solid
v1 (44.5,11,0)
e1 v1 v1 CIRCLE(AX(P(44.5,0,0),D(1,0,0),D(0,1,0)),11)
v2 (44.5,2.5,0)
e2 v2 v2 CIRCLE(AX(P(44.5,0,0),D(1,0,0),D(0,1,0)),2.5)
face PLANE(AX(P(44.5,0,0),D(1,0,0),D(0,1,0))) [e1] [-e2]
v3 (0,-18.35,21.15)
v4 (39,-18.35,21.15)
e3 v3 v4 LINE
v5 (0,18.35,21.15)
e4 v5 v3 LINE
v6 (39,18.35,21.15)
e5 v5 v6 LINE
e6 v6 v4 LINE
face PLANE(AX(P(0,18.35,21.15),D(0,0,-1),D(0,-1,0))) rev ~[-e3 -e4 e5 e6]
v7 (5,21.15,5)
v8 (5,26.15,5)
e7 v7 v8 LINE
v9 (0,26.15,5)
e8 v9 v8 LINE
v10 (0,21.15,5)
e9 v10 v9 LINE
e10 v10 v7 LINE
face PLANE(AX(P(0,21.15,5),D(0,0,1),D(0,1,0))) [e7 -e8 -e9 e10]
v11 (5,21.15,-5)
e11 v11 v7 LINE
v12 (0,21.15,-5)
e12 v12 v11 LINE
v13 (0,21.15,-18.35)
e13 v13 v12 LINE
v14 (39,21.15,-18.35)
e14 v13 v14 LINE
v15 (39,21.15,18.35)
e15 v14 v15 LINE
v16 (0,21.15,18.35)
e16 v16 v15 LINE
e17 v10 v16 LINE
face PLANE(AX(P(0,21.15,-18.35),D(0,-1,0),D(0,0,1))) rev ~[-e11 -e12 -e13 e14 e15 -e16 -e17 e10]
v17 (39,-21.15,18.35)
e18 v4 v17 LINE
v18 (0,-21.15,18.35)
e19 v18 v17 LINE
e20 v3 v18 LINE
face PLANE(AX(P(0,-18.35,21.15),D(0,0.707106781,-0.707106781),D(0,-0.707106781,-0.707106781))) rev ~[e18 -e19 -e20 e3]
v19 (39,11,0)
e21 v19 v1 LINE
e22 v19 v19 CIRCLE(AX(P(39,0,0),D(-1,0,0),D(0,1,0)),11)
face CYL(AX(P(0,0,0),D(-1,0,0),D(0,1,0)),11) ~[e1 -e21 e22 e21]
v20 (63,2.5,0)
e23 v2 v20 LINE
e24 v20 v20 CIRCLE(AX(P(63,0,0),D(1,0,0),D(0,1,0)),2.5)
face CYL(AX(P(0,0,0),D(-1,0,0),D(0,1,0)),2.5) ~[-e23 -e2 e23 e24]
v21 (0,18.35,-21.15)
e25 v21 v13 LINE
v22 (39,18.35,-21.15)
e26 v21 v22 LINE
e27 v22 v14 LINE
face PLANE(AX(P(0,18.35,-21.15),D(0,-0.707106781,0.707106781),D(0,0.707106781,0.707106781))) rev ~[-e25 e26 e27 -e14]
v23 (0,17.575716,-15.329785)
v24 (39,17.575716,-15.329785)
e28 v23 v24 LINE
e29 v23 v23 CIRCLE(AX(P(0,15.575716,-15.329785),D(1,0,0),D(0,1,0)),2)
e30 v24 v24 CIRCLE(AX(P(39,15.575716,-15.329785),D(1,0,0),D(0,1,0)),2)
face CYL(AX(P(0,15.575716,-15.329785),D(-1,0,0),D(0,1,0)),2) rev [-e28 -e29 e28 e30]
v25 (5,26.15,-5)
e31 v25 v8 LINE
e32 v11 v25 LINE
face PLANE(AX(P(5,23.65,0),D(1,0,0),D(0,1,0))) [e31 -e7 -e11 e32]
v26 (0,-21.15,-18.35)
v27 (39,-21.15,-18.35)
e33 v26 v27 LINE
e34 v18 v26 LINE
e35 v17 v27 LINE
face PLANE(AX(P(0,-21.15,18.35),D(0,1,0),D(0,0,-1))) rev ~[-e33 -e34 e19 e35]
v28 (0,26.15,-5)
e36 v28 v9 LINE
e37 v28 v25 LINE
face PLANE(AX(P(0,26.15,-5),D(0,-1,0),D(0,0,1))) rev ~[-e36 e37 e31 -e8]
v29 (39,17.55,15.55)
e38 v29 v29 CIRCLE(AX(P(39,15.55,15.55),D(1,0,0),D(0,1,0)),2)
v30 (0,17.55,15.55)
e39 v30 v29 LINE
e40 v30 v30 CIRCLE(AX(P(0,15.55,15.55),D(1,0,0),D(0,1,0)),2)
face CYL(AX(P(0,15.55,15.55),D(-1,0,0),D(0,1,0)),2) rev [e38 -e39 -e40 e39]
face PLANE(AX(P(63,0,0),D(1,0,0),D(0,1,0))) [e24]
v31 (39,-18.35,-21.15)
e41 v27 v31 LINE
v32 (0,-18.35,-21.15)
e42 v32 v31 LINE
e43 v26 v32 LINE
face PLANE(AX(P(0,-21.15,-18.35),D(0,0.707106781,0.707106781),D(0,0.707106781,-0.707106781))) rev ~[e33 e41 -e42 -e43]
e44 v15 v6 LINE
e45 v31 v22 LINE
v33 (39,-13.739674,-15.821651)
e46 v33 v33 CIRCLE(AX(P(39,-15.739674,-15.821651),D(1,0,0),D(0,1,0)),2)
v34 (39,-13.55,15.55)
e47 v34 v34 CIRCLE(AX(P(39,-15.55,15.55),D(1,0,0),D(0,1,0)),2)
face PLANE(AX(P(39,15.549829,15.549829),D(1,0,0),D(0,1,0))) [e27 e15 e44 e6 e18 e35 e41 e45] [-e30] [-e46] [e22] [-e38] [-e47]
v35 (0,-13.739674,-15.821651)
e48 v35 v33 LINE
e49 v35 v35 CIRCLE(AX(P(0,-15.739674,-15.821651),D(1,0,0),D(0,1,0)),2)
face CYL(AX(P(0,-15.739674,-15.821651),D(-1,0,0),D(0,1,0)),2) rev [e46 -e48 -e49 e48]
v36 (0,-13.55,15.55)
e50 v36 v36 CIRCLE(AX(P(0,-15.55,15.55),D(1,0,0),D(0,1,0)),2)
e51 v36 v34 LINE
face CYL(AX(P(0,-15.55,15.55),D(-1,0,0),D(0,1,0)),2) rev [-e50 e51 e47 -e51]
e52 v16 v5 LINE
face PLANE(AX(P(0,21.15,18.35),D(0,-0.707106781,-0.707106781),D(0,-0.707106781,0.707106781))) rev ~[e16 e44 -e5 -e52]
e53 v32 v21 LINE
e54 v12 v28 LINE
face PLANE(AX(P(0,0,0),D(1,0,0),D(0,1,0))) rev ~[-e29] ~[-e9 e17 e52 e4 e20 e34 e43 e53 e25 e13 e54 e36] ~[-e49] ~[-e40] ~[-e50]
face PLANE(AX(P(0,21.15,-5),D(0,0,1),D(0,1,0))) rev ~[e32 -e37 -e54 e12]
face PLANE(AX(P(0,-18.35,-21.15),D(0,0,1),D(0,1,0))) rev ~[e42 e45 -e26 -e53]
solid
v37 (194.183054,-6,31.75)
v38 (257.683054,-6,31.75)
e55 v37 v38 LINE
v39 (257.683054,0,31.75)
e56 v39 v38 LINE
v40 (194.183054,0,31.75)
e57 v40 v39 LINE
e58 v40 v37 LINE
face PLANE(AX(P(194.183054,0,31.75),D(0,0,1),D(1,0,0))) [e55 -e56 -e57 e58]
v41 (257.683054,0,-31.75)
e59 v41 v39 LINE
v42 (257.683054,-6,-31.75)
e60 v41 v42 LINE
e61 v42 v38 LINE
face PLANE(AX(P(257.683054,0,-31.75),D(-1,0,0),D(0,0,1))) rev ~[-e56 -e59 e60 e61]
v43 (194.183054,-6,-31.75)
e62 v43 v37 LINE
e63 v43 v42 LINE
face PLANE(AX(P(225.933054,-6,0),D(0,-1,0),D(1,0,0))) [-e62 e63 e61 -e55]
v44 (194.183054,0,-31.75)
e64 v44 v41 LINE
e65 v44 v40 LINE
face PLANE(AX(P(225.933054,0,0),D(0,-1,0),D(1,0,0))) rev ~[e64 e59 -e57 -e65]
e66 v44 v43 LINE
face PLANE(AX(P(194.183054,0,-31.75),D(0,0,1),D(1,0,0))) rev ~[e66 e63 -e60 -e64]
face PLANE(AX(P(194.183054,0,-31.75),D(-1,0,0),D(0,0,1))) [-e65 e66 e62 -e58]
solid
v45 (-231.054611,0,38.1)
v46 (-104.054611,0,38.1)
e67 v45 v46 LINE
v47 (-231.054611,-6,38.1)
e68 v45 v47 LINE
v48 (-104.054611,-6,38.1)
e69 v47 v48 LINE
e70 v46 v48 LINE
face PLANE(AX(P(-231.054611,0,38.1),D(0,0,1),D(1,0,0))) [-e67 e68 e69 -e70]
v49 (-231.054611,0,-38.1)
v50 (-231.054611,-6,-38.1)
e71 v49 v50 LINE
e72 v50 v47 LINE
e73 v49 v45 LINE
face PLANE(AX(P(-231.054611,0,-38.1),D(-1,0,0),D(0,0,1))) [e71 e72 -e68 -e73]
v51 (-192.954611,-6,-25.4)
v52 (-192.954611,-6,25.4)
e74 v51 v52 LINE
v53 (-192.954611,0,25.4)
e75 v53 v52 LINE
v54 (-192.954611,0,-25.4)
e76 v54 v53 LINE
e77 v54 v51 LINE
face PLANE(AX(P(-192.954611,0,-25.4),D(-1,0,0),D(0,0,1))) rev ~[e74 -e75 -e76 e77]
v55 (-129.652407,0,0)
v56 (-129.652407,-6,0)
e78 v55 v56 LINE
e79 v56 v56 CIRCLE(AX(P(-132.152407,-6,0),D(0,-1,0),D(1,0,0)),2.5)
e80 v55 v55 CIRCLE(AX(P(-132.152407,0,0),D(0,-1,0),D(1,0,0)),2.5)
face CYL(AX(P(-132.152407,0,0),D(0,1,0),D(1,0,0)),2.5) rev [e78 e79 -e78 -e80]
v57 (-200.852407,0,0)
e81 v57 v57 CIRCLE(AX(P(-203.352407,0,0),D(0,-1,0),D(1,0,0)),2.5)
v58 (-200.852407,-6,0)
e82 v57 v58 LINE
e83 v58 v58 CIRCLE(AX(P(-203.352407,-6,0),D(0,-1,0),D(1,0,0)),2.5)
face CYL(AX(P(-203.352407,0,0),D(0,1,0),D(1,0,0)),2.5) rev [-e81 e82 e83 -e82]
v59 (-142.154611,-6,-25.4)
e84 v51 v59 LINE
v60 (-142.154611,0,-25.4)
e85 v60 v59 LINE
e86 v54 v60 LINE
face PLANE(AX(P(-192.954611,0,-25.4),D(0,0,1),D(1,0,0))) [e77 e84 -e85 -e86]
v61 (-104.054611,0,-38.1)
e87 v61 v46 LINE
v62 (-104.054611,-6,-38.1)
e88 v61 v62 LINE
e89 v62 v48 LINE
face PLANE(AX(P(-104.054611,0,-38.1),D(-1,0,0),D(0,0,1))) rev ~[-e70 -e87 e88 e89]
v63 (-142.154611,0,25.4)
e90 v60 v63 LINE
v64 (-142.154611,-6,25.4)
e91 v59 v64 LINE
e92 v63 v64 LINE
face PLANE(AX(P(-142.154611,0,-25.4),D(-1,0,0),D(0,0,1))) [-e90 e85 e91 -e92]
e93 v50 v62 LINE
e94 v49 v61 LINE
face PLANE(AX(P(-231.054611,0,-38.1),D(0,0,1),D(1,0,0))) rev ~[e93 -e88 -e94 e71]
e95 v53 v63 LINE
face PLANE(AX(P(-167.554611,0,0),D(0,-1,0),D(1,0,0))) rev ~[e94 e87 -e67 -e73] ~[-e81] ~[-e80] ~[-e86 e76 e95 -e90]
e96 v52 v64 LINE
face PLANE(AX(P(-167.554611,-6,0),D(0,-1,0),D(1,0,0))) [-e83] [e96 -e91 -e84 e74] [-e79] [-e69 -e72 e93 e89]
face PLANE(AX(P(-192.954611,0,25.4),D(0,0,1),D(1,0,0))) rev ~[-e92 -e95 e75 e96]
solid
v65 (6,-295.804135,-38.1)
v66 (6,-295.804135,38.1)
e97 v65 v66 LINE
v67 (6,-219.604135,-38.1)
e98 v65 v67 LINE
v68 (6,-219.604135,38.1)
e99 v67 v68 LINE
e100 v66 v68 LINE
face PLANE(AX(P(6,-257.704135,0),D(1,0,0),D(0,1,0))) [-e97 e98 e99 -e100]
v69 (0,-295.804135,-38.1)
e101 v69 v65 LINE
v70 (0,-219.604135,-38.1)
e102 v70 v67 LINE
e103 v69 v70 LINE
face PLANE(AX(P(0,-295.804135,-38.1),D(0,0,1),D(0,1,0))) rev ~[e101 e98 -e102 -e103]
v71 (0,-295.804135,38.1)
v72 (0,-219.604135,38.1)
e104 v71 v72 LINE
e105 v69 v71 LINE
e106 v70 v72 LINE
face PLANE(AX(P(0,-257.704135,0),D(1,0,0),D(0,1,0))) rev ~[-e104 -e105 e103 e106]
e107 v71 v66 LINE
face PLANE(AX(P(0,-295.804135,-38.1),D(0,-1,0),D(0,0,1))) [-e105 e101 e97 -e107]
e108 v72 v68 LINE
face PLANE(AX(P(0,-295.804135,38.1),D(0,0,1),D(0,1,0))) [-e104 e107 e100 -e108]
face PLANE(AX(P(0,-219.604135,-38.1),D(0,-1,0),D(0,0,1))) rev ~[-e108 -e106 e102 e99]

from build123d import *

# Parameters (mm, degrees)
F0_R      = 2
F0_R_2    = 11
F0_R_3    = 2.5
F1_DEPTH  = 39
F0_W      = 5
F0_H      = 10
F2_DEPTH  = 5
F3_DEPTH  = 44.5
F4_DEPTH  = 63
F5_W      = 76.2
F5_H      = 76.2
F6_DEPTH  = 6
F7_W      = 127
F7_H      = 76.2
F7_R      = 2.5
F7_W_2    = 50.8
F7_H_2    = 50.8
F8_DEPTH  = 6
F9_W      = 63.5
F9_H      = 63.5
F10_DEPTH = 6


with BuildPart() as f1:
    # F0 (on Right) → F1 (new body)
    with BuildSketch(Plane.YZ):
        with BuildLine():
            Line((18.35, 21.15), (9.95, 21.15))
            Line((9.95, 21.15), (9.95, 13.76))
            ThreePointArc((9.95, 13.76), (11.065923, 11.065923), (13.76, 9.95))
            Line((13.76, 9.95), (21.15, 9.95))
            Line((21.15, 9.95), (21.15, 18.35))
            Line((21.15, 18.35), (18.35, 21.15))
        make_face()
        with Locations((15.55, 15.55)):
            Circle(F0_R, mode=Mode.SUBTRACT)
        with BuildLine():
            Line((9.95, -13.76), (9.95, -21.15))
            Line((9.95, -21.15), (18.35, -21.15))
            Line((18.35, -21.15), (21.15, -18.35))
            Line((21.15, -18.35), (21.15, -9.95))
            Line((21.15, -9.95), (13.76, -9.95))
            ThreePointArc((13.76, -9.95), (11.065923, -11.065923), (9.95, -13.76))
        make_face()
        with Locations((15.575716, -15.329785)):
            Circle(F0_R, mode=Mode.SUBTRACT)
        with BuildLine():
            Line((-21.15, -18.35), (-18.35, -21.15))
            Line((-18.35, -21.15), (-9.95, -21.15))
            Line((-9.95, -21.15), (-9.95, -13.76))
            ThreePointArc((-9.95, -13.76), (-11.065923, -11.065923), (-13.76, -9.95))
            Line((-13.76, -9.95), (-21.15, -9.95))
            Line((-21.15, -9.95), (-21.15, -18.35))
        make_face()
        with Locations((-15.739674, -15.821651)):
            Circle(F0_R, mode=Mode.SUBTRACT)
        with BuildLine():
            Line((-21.15, 18.35), (-21.15, 9.95))
            Line((-21.15, 9.95), (-13.76, 9.95))
            ThreePointArc((-13.76, 9.95), (-11.065923, 11.065923), (-9.95, 13.76))
            Line((-9.95, 13.76), (-9.95, 21.15))
            Line((-9.95, 21.15), (-18.35, 21.15))
            Line((-18.35, 21.15), (-21.15, 18.35))
        make_face()
        with Locations((-15.55, 15.55)):
            Circle(F0_R, mode=Mode.SUBTRACT)
        with BuildLine():
            Line((-9.95, -13.76), (-9.95, -21.15))
            Line((-9.95, -21.15), (9.95, -21.15))
            Line((9.95, -21.15), (9.95, -13.76))
            ThreePointArc((9.95, -13.76), (11.065923, -11.065923), (13.76, -9.95))
            Line((13.76, -9.95), (21.15, -9.95))
            Line((21.15, -9.95), (21.15, -5))
            Line((21.15, -5), (21.15, 5))
            Line((21.15, 5), (21.15, 9.95))
            Line((21.15, 9.95), (13.76, 9.95))
            ThreePointArc((13.76, 9.95), (11.065923, 11.065923), (9.95, 13.76))
            Line((9.95, 13.76), (9.95, 21.15))
            Line((9.95, 21.15), (-9.95, 21.15))
            Line((-9.95, 21.15), (-9.95, 13.76))
            ThreePointArc((-9.95, 13.76), (-11.065923, 11.065923), (-13.76, 9.95))
            Line((-13.76, 9.95), (-21.15, 9.95))
            Line((-21.15, 9.95), (-21.15, -9.95))
            Line((-21.15, -9.95), (-13.76, -9.95))
            ThreePointArc((-13.76, -9.95), (-11.065923, -11.065923), (-9.95, -13.76))
        make_face()
        Circle(F0_R_2, mode=Mode.SUBTRACT)
        Circle(F0_R_2)
        Circle(F0_R_3, mode=Mode.SUBTRACT)
        Circle(F0_R_3)
    extrude(amount=F1_DEPTH)

    # F0 (on Right) → F2 (join)
    with BuildSketch(Plane.YZ):
        with Locations((23.65, 0)):
            Rectangle(F0_W, F0_H)
    extrude(amount=F2_DEPTH)

    # F0 (on Right) → F3 (join)
    with BuildSketch(Plane.YZ):
        Circle(F0_R_2)
        Circle(F0_R_3, mode=Mode.SUBTRACT)
    extrude(amount=F3_DEPTH)

    # F0 (on Right) → F4 (join)
    with BuildSketch(Plane.YZ):
        Circle(F0_R_3)
    extrude(amount=F4_DEPTH)


with BuildPart() as f6:
    # F5 (on Right) → F6 (new body)
    with BuildSketch(Plane.YZ):
        with Locations((-257.704135, 0)):
            Rectangle(F5_W, F5_H)
    extrude(amount=F6_DEPTH)


with BuildPart() as f8:
    # F7 (on Front) → F8 (new body)
    with BuildSketch(Plane.XZ):
        with Locations((-167.554611, 0)):
            Rectangle(F7_W, F7_H)
        with Locations((-203.352407, 0)):
            Circle(F7_R, mode=Mode.SUBTRACT)
        with Locations((-167.554611, 0)):
            Rectangle(F7_W_2, F7_H_2, mode=Mode.SUBTRACT)
        with Locations((-132.152407, 0)):
            Circle(F7_R, mode=Mode.SUBTRACT)
    extrude(amount=F8_DEPTH)


with BuildPart() as f10:
    # F9 (on Front) → F10 (new body)
    with BuildSketch(Plane.XZ):
        with Locations((225.933054, 0)):
            Rectangle(F9_W, F9_H)
    extrude(amount=F10_DEPTH)


solid = Compound([f1.part, f6.part, f8.part, f10.part])
